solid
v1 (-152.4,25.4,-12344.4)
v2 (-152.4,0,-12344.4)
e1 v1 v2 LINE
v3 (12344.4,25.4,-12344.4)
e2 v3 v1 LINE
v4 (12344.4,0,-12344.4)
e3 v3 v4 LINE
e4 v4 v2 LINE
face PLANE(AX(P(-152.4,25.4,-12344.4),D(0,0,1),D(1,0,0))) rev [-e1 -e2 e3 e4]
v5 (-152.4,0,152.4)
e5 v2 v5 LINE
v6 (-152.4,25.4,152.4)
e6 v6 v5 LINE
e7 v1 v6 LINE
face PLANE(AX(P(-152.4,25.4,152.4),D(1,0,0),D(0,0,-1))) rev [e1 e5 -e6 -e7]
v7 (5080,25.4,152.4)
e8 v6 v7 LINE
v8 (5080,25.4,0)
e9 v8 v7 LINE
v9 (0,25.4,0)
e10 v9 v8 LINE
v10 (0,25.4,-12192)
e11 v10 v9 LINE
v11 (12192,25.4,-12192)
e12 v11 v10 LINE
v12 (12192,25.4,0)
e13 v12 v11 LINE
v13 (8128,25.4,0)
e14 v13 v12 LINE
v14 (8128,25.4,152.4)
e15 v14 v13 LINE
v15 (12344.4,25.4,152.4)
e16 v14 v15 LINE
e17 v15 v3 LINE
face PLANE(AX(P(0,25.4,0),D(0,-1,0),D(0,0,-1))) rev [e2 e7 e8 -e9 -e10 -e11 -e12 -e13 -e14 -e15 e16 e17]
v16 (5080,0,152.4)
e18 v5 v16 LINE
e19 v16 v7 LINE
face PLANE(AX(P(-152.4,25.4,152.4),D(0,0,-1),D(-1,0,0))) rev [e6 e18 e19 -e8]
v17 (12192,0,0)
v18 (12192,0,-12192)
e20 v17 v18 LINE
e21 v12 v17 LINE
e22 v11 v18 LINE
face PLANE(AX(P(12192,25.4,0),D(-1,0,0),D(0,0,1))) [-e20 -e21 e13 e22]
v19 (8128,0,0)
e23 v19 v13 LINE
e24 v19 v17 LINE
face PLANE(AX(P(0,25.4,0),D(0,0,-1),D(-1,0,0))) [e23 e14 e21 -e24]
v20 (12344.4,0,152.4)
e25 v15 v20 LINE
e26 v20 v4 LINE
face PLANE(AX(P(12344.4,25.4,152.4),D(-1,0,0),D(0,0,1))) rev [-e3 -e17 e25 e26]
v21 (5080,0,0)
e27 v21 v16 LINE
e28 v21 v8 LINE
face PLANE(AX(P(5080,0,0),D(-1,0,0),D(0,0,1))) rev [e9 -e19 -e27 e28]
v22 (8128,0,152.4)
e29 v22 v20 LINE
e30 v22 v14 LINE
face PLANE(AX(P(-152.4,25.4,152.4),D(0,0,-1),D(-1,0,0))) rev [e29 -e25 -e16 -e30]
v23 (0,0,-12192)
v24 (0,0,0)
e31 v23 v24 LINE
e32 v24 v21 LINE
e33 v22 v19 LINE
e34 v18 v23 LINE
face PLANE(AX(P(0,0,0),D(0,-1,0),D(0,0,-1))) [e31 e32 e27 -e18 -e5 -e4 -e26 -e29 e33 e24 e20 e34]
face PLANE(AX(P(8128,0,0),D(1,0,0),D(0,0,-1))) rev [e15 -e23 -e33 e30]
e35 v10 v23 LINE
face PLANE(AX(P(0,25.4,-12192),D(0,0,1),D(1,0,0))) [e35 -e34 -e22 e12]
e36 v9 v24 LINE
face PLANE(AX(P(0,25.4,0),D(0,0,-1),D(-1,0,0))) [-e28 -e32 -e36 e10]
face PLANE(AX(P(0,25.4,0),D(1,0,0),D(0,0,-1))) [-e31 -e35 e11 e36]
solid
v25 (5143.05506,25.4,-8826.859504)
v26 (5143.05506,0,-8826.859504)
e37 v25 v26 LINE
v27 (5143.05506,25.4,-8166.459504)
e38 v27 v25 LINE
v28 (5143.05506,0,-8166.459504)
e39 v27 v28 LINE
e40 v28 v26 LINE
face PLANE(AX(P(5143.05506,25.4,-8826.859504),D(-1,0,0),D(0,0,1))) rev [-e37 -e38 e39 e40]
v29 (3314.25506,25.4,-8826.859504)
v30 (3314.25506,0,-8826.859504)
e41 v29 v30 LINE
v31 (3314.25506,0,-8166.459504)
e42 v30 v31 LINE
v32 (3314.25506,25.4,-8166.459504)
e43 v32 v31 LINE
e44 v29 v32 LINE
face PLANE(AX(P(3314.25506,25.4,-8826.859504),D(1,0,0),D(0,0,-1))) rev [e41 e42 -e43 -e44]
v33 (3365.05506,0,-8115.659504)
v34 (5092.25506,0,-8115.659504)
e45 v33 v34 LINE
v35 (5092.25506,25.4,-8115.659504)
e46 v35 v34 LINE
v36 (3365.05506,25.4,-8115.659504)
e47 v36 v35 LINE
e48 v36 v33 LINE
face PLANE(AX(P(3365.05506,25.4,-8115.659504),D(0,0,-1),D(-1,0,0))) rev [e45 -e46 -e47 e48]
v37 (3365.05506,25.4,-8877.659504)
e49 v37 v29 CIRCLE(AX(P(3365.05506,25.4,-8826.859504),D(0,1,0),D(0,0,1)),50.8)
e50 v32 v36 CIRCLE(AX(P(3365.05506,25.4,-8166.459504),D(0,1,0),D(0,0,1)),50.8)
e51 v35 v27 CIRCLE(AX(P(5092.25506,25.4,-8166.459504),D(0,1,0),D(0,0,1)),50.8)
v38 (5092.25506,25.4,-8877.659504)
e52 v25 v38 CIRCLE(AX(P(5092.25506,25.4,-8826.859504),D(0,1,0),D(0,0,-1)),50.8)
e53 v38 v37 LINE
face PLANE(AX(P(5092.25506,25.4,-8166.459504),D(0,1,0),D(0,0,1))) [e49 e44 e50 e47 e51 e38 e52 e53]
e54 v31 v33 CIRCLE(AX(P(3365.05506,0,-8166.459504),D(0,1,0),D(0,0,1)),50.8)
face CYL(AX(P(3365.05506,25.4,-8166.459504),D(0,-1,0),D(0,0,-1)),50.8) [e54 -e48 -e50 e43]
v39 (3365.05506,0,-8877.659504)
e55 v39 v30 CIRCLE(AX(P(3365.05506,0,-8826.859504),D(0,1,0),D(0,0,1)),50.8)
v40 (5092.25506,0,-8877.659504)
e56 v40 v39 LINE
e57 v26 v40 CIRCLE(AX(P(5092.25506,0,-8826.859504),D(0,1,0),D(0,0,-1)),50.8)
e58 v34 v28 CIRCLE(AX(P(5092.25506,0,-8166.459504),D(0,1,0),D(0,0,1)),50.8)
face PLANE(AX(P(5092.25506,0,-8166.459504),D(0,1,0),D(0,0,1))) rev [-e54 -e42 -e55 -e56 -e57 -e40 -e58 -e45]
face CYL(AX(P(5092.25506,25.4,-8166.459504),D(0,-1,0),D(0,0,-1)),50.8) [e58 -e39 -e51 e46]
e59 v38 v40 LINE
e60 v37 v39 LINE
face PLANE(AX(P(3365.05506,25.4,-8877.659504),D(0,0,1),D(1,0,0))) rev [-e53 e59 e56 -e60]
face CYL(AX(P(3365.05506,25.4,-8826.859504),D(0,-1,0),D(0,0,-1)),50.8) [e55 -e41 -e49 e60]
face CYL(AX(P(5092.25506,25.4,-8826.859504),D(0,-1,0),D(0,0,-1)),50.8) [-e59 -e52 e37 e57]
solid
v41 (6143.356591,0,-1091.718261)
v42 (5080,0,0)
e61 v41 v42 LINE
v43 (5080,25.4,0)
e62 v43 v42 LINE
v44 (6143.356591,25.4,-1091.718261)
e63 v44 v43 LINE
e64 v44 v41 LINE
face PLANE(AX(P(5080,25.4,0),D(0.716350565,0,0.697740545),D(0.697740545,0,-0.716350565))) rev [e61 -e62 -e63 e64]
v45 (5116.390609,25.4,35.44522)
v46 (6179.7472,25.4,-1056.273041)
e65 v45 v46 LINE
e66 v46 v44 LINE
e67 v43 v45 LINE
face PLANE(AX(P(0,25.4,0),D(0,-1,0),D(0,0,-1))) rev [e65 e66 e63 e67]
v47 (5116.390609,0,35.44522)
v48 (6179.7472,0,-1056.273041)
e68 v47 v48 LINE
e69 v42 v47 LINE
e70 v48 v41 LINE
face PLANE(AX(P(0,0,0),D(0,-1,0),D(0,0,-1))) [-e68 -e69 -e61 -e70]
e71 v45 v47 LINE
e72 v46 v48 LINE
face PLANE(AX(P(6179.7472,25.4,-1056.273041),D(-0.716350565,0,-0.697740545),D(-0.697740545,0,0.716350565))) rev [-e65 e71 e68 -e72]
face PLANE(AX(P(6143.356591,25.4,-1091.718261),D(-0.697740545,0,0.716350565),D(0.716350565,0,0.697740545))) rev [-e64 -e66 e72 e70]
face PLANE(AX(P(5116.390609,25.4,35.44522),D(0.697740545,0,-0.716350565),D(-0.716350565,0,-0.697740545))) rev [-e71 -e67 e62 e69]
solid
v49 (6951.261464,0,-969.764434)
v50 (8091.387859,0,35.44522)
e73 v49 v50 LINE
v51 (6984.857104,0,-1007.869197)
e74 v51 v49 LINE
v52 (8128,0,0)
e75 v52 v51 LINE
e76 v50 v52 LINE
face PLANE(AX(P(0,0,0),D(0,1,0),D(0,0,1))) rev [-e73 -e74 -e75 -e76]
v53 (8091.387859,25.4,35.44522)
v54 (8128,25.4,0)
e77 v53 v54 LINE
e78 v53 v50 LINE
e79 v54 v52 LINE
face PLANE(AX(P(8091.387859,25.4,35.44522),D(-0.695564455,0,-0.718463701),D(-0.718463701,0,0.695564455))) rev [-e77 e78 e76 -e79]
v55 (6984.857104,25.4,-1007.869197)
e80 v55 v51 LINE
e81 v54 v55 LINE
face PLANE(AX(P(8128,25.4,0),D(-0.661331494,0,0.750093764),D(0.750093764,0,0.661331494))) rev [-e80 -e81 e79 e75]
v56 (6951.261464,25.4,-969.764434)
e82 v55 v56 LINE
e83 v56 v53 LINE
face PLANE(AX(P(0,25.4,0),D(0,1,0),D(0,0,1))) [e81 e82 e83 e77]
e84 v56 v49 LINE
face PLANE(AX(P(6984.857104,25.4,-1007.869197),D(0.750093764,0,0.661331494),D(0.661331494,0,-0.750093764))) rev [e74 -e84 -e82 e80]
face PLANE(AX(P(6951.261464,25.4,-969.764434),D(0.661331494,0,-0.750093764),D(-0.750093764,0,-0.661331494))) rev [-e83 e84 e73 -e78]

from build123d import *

# Parameters (mm, degrees)
SKETCH1_W           = 12496.8
SKETCH1_H           = 12496.8
SKETCH1_W_2         = 12192
SKETCH1_H_2         = 12192
OUTSIDE_PERIM_DEPTH = 25.4
SKETCH2_W           = 3048
SKETCH2_H           = 152.4
DOORWAY_DEPTH       = 26.4
TABLE_DEPTH         = 25.4
DOORS_DEPTH         = 25.4
DOORS_2_DEPTH       = 25.4


with BuildPart() as part:
    # Sketch1 → Outside_Perim (new body)
    with BuildSketch(Plane(origin=(0, 0, 0), x_dir=(1, 0, 0), z_dir=(0, 1, 0))):
        with Locations((6096, 6096)):
            Rectangle(SKETCH1_W, SKETCH1_H)
        with Locations((6096, 6096)):
            Rectangle(SKETCH1_W_2, SKETCH1_H_2, mode=Mode.SUBTRACT)
    extrude(amount=OUTSIDE_PERIM_DEPTH)

    # Sketch2 → Doorway (cut, through all)
    with BuildSketch(Plane(origin=(0, 25.4, 0), x_dir=(1, 0, 0), z_dir=(0, 1, 0))):
        with Locations((6604, -76.2)):
            Rectangle(SKETCH2_W, SKETCH2_H)
    extrude(amount=-DOORWAY_DEPTH, mode=Mode.SUBTRACT)


with BuildPart() as body_2:
    # Sketch3 → Table (new body)
    with BuildSketch(Plane(origin=(0, 0, 0), x_dir=(1, 0, 0), z_dir=(0, 1, 0))):
        with BuildLine():
            Line((3365.055060067, 8877.659504367), (5092.255060067, 8877.659504367))
            ThreePointArc((5092.255060067, 8877.659504367), (5128.176084551, 8862.780528852), (5143.055060067, 8826.859504367))
            Line((5143.055060067, 8826.859504367), (5143.055060067, 8166.459504367))
            ThreePointArc((5143.055060067, 8166.459504367), (5128.176084551, 8130.538479883), (5092.255060067, 8115.659504367))
            Line((5092.255060067, 8115.659504367), (3365.055060067, 8115.659504367))
            ThreePointArc((3365.055060067, 8115.659504367), (3329.134035583, 8130.538479883), (3314.255060067, 8166.459504367))
            Line((3314.255060067, 8166.459504367), (3314.255060067, 8826.859504367))
            ThreePointArc((3314.255060067, 8826.859504367), (3329.134035583, 8862.780528852), (3365.055060067, 8877.659504367))
        make_face()
    extrude(amount=TABLE_DEPTH)


with BuildPart() as body_3:
    # Sketch4 → Doors (new body)
    with BuildSketch(Plane(origin=(0, 0, 0), x_dir=(1, 0, 0), z_dir=(0, 1, 0))):
        Polygon((5080, 0), (6143.356590999, 1091.718260532), (6179.747199683, 1056.273040832), (5116.390608684, -35.4452197), align=None)
    extrude(amount=DOORS_DEPTH)


with BuildPart() as body_4:
    # Sketch4 → Doors 2 (new body)
    with BuildSketch(Plane(origin=(0, 0, 0), x_dir=(1, 0, 0), z_dir=(0, 1, 0))):
        Polygon((8128, 0), (6984.857103754, 1007.869197248), (6951.261463845, 969.76443404), (8091.387859263, -35.4452197), align=None)
    extrude(amount=DOORS_2_DEPTH)


solid = Compound([part.part, body_2.part, body_3.part, body_4.part])
